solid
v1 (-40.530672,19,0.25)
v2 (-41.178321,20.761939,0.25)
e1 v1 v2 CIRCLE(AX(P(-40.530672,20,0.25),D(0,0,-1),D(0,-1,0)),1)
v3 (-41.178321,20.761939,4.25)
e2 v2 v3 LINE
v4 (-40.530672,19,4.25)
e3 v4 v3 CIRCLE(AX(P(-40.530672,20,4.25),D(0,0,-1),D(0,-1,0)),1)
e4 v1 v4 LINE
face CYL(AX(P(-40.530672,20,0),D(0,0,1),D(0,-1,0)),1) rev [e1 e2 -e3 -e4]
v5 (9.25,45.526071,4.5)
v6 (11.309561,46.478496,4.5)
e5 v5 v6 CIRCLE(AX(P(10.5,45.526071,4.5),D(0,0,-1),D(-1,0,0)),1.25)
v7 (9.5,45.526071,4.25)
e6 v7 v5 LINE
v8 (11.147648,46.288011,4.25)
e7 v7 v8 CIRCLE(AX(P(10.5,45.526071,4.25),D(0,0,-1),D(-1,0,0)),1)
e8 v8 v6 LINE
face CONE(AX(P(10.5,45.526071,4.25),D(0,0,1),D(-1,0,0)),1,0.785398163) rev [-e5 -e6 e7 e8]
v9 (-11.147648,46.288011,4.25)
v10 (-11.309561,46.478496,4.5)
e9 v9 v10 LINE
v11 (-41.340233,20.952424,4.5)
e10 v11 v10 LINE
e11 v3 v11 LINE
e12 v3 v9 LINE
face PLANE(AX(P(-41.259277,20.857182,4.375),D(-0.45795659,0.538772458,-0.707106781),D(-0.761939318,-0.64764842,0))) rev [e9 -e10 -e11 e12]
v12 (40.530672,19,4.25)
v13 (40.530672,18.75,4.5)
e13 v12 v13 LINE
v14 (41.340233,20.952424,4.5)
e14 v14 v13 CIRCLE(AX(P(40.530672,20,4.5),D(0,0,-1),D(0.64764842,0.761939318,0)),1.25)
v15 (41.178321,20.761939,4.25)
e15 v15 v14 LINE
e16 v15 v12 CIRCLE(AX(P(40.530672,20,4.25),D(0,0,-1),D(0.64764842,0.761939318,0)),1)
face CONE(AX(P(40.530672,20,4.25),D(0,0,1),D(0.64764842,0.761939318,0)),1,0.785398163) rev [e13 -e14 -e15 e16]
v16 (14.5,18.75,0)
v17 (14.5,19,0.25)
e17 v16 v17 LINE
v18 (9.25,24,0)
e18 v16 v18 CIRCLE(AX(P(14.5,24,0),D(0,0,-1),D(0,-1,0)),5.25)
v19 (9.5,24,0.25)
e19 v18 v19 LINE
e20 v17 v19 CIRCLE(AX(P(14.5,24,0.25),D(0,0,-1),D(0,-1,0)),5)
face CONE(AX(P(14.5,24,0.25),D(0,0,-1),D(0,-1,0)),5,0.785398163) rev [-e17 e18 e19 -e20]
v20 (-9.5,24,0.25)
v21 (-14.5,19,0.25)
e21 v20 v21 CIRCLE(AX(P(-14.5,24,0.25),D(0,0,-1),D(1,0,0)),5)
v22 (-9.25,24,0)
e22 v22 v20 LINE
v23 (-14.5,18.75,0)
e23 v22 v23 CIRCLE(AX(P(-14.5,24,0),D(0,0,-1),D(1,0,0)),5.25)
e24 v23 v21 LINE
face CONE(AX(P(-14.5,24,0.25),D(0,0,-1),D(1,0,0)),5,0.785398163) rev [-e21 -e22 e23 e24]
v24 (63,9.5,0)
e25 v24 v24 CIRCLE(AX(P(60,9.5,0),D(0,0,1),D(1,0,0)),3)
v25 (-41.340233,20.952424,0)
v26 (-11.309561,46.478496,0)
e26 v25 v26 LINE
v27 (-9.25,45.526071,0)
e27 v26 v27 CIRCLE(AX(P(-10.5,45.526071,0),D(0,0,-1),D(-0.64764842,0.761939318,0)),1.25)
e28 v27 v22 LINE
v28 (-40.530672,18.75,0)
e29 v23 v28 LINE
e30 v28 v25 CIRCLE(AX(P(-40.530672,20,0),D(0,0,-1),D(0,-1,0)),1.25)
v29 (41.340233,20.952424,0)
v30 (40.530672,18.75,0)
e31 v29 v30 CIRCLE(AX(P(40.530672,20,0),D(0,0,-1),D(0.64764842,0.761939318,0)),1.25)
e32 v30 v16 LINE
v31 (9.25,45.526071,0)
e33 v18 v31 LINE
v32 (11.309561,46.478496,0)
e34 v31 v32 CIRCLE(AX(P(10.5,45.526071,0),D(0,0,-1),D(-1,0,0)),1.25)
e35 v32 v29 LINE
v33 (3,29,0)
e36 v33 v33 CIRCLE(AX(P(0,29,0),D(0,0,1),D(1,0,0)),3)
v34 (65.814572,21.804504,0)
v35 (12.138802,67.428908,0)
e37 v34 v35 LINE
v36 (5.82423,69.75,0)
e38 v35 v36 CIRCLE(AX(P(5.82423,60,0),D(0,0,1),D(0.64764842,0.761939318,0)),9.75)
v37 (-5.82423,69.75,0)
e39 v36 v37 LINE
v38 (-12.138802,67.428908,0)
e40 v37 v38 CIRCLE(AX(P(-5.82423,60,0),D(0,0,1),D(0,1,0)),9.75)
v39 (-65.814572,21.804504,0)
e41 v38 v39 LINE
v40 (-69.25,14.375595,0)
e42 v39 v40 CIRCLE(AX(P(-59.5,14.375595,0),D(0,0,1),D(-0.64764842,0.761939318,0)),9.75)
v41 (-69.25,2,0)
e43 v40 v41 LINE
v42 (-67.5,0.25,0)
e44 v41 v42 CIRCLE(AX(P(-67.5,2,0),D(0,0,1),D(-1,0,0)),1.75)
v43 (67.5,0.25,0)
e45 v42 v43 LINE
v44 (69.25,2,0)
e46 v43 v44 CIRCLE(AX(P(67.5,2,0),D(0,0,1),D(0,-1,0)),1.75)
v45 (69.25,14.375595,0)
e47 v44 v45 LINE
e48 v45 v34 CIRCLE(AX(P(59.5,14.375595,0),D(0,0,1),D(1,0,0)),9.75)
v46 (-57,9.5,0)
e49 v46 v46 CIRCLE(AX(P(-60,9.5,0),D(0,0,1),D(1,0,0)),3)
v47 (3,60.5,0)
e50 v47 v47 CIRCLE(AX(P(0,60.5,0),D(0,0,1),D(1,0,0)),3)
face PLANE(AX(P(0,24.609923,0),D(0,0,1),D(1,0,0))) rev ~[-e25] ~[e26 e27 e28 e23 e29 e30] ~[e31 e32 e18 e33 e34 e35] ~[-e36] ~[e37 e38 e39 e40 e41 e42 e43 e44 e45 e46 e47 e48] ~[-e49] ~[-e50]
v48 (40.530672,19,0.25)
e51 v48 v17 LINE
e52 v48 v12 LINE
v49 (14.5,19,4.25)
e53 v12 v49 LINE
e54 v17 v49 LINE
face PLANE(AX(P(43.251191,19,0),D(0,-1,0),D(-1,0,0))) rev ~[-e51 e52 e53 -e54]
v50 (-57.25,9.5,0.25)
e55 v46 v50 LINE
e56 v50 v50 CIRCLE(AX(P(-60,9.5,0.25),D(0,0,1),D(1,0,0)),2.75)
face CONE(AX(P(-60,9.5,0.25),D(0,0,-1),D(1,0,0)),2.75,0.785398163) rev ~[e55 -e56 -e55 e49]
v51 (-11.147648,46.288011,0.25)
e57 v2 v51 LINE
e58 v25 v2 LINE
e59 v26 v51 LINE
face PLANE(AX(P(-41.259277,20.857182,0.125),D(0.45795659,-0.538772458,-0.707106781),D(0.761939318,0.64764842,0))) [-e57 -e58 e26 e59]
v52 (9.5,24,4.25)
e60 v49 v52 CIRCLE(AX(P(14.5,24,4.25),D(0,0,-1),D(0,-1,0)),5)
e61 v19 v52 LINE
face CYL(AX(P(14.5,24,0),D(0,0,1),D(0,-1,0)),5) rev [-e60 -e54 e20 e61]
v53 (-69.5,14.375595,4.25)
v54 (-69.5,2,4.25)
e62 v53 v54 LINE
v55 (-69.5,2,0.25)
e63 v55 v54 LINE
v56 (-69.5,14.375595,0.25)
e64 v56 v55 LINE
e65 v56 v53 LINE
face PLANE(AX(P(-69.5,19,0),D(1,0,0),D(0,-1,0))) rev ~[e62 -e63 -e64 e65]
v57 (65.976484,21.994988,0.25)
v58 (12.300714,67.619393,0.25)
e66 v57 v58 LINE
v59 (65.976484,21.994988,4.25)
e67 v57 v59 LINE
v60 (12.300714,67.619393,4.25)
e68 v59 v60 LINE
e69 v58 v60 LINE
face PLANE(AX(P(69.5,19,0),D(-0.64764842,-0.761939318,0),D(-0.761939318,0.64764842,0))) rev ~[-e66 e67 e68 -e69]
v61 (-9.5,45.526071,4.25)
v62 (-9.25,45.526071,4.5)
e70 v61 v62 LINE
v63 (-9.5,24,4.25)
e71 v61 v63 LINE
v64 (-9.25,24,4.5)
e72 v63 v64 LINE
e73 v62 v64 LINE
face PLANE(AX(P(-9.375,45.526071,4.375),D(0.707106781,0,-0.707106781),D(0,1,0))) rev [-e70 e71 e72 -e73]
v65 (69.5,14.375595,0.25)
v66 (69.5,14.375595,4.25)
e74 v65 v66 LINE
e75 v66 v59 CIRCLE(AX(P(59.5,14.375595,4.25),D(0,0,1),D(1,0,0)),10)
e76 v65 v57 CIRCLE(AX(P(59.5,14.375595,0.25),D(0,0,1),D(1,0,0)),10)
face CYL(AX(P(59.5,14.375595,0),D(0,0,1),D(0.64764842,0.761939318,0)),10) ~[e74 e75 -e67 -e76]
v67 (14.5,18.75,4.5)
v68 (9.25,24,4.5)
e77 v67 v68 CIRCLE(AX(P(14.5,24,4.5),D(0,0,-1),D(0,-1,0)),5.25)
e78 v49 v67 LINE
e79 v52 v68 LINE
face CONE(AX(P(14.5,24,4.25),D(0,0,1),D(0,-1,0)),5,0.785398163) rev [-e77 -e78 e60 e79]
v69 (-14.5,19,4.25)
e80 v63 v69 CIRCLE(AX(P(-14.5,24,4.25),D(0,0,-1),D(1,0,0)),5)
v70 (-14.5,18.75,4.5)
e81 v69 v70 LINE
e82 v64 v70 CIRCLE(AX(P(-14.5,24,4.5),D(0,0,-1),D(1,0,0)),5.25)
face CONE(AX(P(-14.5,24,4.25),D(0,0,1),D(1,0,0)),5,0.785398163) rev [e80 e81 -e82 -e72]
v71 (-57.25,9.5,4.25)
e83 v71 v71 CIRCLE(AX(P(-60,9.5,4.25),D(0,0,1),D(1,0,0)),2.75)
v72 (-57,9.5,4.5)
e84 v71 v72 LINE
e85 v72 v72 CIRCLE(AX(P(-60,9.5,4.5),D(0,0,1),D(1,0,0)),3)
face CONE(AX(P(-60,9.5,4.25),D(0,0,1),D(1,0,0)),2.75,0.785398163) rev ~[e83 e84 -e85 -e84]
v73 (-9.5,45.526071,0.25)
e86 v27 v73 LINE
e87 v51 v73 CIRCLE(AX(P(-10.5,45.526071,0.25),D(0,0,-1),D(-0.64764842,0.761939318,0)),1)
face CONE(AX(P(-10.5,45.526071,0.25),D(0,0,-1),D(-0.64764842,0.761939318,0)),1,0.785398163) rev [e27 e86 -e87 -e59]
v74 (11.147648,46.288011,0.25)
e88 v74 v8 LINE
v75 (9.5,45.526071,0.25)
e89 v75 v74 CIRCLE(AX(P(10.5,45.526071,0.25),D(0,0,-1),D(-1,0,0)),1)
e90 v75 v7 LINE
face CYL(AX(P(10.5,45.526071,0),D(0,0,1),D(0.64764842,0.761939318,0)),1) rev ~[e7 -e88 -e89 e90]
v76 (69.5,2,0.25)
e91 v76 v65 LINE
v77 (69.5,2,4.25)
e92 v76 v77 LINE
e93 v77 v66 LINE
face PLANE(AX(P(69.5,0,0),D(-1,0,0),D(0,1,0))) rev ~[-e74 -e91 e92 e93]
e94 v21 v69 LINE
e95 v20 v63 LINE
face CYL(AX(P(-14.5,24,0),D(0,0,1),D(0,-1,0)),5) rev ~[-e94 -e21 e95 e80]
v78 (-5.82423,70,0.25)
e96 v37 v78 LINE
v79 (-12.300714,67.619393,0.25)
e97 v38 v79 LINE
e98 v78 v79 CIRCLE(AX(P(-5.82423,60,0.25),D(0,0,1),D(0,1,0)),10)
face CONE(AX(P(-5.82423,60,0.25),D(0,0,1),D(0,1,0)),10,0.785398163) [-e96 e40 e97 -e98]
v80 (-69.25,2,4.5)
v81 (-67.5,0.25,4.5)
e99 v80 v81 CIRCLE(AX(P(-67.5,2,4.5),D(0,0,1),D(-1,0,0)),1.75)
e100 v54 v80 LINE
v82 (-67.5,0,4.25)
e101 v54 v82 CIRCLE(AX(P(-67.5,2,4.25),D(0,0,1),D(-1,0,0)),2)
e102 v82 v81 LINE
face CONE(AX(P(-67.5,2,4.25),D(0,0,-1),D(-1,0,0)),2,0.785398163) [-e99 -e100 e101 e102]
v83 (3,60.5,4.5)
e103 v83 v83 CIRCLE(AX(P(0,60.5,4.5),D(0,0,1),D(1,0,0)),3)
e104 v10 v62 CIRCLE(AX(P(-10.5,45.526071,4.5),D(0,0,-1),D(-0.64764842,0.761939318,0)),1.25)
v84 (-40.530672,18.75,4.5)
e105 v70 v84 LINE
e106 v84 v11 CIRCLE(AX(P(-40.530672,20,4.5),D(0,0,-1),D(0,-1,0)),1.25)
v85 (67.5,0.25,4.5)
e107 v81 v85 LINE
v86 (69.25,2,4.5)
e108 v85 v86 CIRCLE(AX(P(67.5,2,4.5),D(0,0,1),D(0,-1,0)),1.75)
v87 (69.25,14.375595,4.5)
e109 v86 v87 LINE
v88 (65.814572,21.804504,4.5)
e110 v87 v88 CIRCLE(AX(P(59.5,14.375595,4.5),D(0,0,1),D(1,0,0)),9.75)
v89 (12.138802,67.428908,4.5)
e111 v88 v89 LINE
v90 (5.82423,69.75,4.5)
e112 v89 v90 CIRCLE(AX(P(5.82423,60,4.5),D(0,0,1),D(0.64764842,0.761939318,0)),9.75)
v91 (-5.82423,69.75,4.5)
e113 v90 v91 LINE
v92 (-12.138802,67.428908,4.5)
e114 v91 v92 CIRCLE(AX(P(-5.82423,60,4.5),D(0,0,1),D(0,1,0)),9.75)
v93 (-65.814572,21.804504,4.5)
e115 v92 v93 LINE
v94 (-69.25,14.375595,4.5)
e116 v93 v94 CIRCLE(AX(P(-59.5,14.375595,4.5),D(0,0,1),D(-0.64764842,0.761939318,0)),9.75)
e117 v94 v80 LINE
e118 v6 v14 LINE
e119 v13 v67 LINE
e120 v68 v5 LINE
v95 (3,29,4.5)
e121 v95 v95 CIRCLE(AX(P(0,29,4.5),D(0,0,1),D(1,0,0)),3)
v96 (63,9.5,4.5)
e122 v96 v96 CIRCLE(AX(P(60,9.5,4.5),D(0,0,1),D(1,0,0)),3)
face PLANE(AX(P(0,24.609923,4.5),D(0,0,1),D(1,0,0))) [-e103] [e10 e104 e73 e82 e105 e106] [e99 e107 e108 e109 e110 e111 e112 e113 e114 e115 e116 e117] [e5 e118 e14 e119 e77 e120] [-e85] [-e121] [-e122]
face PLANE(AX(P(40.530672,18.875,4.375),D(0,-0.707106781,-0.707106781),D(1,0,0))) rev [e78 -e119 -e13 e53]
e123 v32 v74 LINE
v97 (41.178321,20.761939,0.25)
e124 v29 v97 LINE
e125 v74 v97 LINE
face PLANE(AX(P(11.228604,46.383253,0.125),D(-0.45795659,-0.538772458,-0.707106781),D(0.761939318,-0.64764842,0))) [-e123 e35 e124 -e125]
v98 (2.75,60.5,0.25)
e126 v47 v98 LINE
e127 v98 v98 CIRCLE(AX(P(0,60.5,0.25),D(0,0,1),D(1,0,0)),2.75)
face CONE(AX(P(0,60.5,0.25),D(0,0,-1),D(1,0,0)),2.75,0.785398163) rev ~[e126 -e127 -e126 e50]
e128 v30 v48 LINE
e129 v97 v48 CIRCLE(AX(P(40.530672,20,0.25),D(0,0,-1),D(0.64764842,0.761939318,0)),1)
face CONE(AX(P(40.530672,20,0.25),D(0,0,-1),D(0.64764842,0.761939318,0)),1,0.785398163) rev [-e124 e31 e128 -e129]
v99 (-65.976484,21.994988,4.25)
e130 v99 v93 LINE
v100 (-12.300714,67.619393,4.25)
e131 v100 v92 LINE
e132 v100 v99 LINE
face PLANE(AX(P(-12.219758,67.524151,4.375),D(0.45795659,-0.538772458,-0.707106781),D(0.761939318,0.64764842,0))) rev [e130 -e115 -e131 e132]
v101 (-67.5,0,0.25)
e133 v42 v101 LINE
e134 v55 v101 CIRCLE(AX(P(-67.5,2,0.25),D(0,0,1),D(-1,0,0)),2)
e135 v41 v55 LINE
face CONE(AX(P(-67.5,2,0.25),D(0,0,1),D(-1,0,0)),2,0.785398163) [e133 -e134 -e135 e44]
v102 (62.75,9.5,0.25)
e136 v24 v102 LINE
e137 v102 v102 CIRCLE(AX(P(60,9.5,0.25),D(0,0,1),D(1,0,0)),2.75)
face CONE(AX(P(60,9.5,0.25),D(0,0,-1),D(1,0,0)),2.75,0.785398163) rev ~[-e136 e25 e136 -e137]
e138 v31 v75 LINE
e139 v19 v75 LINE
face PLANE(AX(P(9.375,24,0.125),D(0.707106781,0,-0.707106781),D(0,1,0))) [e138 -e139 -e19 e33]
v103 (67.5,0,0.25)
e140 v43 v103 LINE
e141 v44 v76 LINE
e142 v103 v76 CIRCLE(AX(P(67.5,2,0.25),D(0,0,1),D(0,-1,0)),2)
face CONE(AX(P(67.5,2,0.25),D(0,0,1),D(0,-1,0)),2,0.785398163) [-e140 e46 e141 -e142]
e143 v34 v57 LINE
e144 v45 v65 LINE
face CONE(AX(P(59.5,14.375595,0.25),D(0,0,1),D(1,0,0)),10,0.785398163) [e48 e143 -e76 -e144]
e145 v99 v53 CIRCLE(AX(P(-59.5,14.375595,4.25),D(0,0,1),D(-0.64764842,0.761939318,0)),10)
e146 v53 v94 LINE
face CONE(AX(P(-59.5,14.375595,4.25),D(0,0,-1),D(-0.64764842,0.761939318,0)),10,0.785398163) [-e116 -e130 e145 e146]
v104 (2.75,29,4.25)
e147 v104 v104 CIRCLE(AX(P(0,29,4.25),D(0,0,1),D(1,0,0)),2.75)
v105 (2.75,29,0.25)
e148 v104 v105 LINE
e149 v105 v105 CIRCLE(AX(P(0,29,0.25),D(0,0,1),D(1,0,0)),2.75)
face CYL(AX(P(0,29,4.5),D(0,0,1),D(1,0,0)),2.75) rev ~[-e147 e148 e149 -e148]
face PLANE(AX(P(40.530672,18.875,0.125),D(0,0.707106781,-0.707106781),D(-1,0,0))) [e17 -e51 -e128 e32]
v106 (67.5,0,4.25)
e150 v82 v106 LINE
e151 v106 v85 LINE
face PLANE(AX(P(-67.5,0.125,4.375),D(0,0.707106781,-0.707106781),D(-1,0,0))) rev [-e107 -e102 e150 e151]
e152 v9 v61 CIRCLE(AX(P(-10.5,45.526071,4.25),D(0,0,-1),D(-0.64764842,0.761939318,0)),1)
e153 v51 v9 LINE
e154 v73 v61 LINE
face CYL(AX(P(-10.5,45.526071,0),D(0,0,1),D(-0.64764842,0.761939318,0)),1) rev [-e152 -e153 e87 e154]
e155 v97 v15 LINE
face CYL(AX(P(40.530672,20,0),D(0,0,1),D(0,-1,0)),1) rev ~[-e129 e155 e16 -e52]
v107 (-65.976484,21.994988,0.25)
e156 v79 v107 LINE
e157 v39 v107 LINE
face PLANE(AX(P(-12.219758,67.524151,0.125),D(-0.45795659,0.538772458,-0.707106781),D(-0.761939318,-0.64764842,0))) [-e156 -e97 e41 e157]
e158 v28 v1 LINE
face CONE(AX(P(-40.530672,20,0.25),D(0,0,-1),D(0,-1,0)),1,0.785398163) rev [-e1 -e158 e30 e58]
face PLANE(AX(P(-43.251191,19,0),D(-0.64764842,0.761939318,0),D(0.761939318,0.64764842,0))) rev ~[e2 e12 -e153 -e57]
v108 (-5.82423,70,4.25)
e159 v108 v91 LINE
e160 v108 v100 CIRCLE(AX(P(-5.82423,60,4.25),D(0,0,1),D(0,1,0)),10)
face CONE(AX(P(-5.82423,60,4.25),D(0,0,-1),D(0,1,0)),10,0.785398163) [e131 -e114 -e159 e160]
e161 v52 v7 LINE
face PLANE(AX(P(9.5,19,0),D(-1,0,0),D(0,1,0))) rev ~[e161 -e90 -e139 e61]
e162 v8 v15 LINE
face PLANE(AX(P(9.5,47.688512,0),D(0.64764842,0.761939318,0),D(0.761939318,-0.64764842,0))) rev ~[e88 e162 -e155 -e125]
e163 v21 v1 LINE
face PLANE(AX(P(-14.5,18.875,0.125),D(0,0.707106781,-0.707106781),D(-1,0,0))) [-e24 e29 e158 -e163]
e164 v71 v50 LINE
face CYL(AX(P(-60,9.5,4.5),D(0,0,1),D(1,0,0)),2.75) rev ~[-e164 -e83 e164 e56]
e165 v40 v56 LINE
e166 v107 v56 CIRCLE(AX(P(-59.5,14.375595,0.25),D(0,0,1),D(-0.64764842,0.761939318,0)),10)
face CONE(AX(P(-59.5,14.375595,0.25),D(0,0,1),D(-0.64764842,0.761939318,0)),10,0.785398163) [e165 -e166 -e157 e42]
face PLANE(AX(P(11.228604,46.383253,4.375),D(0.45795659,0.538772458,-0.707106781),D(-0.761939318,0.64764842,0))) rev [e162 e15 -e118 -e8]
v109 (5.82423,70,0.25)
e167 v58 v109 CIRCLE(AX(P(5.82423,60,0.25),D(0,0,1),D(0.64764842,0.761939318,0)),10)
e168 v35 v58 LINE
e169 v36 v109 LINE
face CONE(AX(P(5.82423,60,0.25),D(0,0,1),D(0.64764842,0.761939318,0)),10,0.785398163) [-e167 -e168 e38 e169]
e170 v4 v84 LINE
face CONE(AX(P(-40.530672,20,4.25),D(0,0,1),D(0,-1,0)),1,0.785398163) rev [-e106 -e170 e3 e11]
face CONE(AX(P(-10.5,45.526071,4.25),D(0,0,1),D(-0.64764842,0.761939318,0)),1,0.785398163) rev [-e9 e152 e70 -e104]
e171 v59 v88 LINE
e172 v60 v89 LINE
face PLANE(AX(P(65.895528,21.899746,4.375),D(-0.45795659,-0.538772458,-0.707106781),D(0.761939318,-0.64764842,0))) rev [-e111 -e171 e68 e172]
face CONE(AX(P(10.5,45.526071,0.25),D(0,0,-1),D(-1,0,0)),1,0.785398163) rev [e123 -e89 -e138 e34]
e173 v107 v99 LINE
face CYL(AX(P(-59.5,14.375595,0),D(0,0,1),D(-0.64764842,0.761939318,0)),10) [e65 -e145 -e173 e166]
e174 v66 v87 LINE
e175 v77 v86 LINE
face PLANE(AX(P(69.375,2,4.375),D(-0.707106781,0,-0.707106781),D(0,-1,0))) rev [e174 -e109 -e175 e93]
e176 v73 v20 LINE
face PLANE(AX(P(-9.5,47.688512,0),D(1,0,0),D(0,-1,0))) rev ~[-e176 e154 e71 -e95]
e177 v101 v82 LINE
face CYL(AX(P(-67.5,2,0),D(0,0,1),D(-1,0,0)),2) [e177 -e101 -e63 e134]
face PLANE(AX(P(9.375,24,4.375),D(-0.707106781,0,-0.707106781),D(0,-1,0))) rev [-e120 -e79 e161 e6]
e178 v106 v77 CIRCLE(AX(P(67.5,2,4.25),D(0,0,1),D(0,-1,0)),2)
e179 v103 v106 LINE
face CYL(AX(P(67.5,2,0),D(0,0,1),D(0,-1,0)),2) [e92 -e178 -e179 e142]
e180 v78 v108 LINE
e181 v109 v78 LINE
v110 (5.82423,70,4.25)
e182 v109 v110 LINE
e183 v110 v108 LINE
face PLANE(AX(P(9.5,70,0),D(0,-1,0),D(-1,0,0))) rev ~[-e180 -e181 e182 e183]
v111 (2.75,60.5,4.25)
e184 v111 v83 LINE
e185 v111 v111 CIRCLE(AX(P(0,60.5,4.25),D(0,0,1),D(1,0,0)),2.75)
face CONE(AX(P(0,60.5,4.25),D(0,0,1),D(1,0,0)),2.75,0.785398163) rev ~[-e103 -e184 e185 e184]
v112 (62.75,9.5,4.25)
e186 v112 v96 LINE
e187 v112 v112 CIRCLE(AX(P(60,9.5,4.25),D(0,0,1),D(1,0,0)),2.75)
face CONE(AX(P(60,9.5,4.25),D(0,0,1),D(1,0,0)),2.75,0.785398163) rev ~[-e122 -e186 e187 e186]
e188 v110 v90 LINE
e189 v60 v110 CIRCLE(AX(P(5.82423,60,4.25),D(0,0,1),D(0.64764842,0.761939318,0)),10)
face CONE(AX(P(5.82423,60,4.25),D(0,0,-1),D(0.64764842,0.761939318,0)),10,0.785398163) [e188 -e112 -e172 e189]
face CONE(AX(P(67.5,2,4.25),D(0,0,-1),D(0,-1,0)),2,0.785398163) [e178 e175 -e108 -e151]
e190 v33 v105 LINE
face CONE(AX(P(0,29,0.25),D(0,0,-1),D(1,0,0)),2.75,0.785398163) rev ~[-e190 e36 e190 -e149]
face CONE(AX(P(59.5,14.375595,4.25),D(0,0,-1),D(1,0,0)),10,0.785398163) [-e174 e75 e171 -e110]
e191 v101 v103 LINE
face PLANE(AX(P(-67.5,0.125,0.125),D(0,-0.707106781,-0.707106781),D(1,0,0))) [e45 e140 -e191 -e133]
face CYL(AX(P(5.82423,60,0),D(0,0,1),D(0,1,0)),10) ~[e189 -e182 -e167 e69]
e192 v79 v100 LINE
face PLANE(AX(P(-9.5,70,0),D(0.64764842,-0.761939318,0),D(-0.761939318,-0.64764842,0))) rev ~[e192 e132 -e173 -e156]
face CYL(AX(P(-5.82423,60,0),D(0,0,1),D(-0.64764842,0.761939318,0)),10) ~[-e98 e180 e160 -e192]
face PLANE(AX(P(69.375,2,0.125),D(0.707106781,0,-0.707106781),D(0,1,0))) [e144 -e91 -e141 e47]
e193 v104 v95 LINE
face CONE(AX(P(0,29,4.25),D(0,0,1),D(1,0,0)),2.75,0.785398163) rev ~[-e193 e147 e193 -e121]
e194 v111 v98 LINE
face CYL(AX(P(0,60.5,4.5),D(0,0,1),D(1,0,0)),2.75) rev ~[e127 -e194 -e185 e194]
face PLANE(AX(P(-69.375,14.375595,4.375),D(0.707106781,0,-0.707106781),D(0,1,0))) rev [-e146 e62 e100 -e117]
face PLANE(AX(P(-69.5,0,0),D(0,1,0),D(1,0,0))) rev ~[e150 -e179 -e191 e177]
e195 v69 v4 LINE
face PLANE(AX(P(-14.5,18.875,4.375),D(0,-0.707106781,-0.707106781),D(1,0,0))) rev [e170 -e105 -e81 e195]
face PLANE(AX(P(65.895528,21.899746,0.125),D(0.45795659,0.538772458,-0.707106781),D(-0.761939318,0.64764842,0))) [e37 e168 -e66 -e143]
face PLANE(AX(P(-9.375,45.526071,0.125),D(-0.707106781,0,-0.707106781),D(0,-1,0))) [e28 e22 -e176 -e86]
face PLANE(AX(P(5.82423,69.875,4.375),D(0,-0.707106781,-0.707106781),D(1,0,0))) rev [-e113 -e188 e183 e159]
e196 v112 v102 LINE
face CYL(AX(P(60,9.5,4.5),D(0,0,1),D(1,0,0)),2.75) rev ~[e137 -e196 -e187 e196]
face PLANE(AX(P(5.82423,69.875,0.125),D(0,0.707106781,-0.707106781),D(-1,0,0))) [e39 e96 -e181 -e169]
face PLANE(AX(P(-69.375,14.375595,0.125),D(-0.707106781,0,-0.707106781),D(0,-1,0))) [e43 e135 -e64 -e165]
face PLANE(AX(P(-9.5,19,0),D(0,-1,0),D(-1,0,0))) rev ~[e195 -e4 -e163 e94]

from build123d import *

# Parameters (mm, degrees)
F1_DEPTH = 4.5
F2_R     = 2.75
F3_DEPTH = 4.501
F4_R     = 5
F5_R     = 1
F6_R     = 10
F7_R     = 2
F8_SIZE  = 0.25


with BuildPart() as f1:
    # F0 (on Top) → F1 (new body)
    with BuildSketch(Plane.XY):
        Polygon((-9.5, 70), (-69.5, 19), (-69.5, 0), (69.5, 0), (69.5, 19), (9.5, 70), align=None)
        Polygon((-43.2511905032, 19), (-9.5, 47.6885119277), (-9.5, 19), align=None, mode=Mode.SUBTRACT)
        Polygon((9.5, 19), (9.5, 47.6885119277), (43.2511905032, 19), align=None, mode=Mode.SUBTRACT)
    extrude(amount=F1_DEPTH)

    # F2 (on face) → F3 (cut, through all)
    with BuildSketch(Plane.XY.offset(4.5)):
        with Locations((0, 60.5)):
            Circle(F2_R)
        with Locations((0, 29)):
            Circle(F2_R)
        with Locations((60, 9.5)):
            Circle(F2_R)
        with Locations((-60, 9.5)):
            Circle(F2_R)
    extrude(amount=-F3_DEPTH, mode=Mode.SUBTRACT)

    # F4
    f4_edges = [f1.edges().sort_by_distance(p)[0] for p in [
        (-9.5, 19, 2.25),
        (9.5, 19, 2.25),
    ]]
    fillet(f4_edges, radius=F4_R)

    # F5
    f5_edges = [f1.edges().sort_by_distance(p)[0] for p in [
        (43.251191, 19, 2.25),
        (9.5, 47.688512, 2.25),
        (-9.5, 47.688512, 2.25),
        (-43.251191, 19, 2.25),
    ]]
    fillet(f5_edges, radius=F5_R)

    # F6
    f6_edges = [f1.edges().sort_by_distance(p)[0] for p in [
        (-9.5, 70, 2.25),
        (9.5, 70, 2.25),
        (-69.5, 19, 2.25),
        (69.5, 19, 2.25),
    ]]
    fillet(f6_edges, radius=F6_R)

    # F7
    f7_edges = [f1.edges().sort_by_distance(p)[0] for p in [
        (-69.5, 0, 2.25),
        (69.5, 0, 2.25),
    ]]
    fillet(f7_edges, radius=F7_R)

    # F8
    f8_edges = [f1.edges().sort_by_distance(p)[0] for p in [
        (-2.75, 60.5, 4.5),
        (-2.75, 29, 4.5),
        (57.25, 9.5, 4.5),
        (-62.75, 9.5, 4.5),
        (-2.75, 60.5, 0),
        (-62.75, 9.5, 0),
        (-2.75, 29, 0),
        (57.25, 9.5, 0),
        (0, 0, 4.5),
        (0, 0, 0),
        (-27.515336, 19, 0),
        (-69.5, 8.187798, 4.5),
        (-68.914214, 0.585786, 4.5),
        (-68.576476, 18.572925, 4.5),
        (-39.138599, 44.807191, 4.5),
        (68.914214, 0.585786, 4.5),
        (-9.274307, 69.385998, 4.5),
        (69.5, 8.187798, 4.5),
        (0, 70, 4.5),
        (68.576476, 18.572925, 4.5),
        (9.274307, 69.385998, 4.5),
        (39.138599, 44.807191, 4.5),
        (-27.515336, 19, 4.5),
        (-41.469272, 19.654992, 4.5),
        (-10.964466, 20.464466, 4.5),
        (-26.162985, 33.524975, 4.5),
        (-9.5, 34.763036, 4.5),
        (-10.080267, 46.433719, 4.5),
        (9.5, 34.763036, 4.5),
        (10.080267, 46.433719, 4.5),
        (10.964466, 20.464466, 4.5),
        (26.162985, 33.524975, 4.5),
        (27.515336, 19, 4.5),
        (41.469272, 19.654992, 4.5),
        (-69.5, 8.187798, 0),
        (-68.914214, 0.585786, 0),
        (-68.576476, 18.572925, 0),
        (-39.138599, 44.807191, 0),
        (68.914214, 0.585786, 0),
        (-9.274307, 69.385998, 0),
        (69.5, 8.187798, 0),
        (0, 70, 0),
        (68.576476, 18.572925, 0),
        (9.274307, 69.385998, 0),
        (39.138599, 44.807191, 0),
        (-41.469272, 19.654992, 0),
        (-10.964466, 20.464466, 0),
        (-26.162985, 33.524975, 0),
        (-9.5, 34.763036, 0),
        (-10.080267, 46.433719, 0),
        (9.5, 34.763036, 0),
        (10.080267, 46.433719, 0),
        (10.964466, 20.464466, 0),
        (26.162985, 33.524975, 0),
        (27.515336, 19, 0),
        (41.469272, 19.654992, 0),
    ]]
    chamfer(f8_edges, length=F8_SIZE)


solid = f1.part
